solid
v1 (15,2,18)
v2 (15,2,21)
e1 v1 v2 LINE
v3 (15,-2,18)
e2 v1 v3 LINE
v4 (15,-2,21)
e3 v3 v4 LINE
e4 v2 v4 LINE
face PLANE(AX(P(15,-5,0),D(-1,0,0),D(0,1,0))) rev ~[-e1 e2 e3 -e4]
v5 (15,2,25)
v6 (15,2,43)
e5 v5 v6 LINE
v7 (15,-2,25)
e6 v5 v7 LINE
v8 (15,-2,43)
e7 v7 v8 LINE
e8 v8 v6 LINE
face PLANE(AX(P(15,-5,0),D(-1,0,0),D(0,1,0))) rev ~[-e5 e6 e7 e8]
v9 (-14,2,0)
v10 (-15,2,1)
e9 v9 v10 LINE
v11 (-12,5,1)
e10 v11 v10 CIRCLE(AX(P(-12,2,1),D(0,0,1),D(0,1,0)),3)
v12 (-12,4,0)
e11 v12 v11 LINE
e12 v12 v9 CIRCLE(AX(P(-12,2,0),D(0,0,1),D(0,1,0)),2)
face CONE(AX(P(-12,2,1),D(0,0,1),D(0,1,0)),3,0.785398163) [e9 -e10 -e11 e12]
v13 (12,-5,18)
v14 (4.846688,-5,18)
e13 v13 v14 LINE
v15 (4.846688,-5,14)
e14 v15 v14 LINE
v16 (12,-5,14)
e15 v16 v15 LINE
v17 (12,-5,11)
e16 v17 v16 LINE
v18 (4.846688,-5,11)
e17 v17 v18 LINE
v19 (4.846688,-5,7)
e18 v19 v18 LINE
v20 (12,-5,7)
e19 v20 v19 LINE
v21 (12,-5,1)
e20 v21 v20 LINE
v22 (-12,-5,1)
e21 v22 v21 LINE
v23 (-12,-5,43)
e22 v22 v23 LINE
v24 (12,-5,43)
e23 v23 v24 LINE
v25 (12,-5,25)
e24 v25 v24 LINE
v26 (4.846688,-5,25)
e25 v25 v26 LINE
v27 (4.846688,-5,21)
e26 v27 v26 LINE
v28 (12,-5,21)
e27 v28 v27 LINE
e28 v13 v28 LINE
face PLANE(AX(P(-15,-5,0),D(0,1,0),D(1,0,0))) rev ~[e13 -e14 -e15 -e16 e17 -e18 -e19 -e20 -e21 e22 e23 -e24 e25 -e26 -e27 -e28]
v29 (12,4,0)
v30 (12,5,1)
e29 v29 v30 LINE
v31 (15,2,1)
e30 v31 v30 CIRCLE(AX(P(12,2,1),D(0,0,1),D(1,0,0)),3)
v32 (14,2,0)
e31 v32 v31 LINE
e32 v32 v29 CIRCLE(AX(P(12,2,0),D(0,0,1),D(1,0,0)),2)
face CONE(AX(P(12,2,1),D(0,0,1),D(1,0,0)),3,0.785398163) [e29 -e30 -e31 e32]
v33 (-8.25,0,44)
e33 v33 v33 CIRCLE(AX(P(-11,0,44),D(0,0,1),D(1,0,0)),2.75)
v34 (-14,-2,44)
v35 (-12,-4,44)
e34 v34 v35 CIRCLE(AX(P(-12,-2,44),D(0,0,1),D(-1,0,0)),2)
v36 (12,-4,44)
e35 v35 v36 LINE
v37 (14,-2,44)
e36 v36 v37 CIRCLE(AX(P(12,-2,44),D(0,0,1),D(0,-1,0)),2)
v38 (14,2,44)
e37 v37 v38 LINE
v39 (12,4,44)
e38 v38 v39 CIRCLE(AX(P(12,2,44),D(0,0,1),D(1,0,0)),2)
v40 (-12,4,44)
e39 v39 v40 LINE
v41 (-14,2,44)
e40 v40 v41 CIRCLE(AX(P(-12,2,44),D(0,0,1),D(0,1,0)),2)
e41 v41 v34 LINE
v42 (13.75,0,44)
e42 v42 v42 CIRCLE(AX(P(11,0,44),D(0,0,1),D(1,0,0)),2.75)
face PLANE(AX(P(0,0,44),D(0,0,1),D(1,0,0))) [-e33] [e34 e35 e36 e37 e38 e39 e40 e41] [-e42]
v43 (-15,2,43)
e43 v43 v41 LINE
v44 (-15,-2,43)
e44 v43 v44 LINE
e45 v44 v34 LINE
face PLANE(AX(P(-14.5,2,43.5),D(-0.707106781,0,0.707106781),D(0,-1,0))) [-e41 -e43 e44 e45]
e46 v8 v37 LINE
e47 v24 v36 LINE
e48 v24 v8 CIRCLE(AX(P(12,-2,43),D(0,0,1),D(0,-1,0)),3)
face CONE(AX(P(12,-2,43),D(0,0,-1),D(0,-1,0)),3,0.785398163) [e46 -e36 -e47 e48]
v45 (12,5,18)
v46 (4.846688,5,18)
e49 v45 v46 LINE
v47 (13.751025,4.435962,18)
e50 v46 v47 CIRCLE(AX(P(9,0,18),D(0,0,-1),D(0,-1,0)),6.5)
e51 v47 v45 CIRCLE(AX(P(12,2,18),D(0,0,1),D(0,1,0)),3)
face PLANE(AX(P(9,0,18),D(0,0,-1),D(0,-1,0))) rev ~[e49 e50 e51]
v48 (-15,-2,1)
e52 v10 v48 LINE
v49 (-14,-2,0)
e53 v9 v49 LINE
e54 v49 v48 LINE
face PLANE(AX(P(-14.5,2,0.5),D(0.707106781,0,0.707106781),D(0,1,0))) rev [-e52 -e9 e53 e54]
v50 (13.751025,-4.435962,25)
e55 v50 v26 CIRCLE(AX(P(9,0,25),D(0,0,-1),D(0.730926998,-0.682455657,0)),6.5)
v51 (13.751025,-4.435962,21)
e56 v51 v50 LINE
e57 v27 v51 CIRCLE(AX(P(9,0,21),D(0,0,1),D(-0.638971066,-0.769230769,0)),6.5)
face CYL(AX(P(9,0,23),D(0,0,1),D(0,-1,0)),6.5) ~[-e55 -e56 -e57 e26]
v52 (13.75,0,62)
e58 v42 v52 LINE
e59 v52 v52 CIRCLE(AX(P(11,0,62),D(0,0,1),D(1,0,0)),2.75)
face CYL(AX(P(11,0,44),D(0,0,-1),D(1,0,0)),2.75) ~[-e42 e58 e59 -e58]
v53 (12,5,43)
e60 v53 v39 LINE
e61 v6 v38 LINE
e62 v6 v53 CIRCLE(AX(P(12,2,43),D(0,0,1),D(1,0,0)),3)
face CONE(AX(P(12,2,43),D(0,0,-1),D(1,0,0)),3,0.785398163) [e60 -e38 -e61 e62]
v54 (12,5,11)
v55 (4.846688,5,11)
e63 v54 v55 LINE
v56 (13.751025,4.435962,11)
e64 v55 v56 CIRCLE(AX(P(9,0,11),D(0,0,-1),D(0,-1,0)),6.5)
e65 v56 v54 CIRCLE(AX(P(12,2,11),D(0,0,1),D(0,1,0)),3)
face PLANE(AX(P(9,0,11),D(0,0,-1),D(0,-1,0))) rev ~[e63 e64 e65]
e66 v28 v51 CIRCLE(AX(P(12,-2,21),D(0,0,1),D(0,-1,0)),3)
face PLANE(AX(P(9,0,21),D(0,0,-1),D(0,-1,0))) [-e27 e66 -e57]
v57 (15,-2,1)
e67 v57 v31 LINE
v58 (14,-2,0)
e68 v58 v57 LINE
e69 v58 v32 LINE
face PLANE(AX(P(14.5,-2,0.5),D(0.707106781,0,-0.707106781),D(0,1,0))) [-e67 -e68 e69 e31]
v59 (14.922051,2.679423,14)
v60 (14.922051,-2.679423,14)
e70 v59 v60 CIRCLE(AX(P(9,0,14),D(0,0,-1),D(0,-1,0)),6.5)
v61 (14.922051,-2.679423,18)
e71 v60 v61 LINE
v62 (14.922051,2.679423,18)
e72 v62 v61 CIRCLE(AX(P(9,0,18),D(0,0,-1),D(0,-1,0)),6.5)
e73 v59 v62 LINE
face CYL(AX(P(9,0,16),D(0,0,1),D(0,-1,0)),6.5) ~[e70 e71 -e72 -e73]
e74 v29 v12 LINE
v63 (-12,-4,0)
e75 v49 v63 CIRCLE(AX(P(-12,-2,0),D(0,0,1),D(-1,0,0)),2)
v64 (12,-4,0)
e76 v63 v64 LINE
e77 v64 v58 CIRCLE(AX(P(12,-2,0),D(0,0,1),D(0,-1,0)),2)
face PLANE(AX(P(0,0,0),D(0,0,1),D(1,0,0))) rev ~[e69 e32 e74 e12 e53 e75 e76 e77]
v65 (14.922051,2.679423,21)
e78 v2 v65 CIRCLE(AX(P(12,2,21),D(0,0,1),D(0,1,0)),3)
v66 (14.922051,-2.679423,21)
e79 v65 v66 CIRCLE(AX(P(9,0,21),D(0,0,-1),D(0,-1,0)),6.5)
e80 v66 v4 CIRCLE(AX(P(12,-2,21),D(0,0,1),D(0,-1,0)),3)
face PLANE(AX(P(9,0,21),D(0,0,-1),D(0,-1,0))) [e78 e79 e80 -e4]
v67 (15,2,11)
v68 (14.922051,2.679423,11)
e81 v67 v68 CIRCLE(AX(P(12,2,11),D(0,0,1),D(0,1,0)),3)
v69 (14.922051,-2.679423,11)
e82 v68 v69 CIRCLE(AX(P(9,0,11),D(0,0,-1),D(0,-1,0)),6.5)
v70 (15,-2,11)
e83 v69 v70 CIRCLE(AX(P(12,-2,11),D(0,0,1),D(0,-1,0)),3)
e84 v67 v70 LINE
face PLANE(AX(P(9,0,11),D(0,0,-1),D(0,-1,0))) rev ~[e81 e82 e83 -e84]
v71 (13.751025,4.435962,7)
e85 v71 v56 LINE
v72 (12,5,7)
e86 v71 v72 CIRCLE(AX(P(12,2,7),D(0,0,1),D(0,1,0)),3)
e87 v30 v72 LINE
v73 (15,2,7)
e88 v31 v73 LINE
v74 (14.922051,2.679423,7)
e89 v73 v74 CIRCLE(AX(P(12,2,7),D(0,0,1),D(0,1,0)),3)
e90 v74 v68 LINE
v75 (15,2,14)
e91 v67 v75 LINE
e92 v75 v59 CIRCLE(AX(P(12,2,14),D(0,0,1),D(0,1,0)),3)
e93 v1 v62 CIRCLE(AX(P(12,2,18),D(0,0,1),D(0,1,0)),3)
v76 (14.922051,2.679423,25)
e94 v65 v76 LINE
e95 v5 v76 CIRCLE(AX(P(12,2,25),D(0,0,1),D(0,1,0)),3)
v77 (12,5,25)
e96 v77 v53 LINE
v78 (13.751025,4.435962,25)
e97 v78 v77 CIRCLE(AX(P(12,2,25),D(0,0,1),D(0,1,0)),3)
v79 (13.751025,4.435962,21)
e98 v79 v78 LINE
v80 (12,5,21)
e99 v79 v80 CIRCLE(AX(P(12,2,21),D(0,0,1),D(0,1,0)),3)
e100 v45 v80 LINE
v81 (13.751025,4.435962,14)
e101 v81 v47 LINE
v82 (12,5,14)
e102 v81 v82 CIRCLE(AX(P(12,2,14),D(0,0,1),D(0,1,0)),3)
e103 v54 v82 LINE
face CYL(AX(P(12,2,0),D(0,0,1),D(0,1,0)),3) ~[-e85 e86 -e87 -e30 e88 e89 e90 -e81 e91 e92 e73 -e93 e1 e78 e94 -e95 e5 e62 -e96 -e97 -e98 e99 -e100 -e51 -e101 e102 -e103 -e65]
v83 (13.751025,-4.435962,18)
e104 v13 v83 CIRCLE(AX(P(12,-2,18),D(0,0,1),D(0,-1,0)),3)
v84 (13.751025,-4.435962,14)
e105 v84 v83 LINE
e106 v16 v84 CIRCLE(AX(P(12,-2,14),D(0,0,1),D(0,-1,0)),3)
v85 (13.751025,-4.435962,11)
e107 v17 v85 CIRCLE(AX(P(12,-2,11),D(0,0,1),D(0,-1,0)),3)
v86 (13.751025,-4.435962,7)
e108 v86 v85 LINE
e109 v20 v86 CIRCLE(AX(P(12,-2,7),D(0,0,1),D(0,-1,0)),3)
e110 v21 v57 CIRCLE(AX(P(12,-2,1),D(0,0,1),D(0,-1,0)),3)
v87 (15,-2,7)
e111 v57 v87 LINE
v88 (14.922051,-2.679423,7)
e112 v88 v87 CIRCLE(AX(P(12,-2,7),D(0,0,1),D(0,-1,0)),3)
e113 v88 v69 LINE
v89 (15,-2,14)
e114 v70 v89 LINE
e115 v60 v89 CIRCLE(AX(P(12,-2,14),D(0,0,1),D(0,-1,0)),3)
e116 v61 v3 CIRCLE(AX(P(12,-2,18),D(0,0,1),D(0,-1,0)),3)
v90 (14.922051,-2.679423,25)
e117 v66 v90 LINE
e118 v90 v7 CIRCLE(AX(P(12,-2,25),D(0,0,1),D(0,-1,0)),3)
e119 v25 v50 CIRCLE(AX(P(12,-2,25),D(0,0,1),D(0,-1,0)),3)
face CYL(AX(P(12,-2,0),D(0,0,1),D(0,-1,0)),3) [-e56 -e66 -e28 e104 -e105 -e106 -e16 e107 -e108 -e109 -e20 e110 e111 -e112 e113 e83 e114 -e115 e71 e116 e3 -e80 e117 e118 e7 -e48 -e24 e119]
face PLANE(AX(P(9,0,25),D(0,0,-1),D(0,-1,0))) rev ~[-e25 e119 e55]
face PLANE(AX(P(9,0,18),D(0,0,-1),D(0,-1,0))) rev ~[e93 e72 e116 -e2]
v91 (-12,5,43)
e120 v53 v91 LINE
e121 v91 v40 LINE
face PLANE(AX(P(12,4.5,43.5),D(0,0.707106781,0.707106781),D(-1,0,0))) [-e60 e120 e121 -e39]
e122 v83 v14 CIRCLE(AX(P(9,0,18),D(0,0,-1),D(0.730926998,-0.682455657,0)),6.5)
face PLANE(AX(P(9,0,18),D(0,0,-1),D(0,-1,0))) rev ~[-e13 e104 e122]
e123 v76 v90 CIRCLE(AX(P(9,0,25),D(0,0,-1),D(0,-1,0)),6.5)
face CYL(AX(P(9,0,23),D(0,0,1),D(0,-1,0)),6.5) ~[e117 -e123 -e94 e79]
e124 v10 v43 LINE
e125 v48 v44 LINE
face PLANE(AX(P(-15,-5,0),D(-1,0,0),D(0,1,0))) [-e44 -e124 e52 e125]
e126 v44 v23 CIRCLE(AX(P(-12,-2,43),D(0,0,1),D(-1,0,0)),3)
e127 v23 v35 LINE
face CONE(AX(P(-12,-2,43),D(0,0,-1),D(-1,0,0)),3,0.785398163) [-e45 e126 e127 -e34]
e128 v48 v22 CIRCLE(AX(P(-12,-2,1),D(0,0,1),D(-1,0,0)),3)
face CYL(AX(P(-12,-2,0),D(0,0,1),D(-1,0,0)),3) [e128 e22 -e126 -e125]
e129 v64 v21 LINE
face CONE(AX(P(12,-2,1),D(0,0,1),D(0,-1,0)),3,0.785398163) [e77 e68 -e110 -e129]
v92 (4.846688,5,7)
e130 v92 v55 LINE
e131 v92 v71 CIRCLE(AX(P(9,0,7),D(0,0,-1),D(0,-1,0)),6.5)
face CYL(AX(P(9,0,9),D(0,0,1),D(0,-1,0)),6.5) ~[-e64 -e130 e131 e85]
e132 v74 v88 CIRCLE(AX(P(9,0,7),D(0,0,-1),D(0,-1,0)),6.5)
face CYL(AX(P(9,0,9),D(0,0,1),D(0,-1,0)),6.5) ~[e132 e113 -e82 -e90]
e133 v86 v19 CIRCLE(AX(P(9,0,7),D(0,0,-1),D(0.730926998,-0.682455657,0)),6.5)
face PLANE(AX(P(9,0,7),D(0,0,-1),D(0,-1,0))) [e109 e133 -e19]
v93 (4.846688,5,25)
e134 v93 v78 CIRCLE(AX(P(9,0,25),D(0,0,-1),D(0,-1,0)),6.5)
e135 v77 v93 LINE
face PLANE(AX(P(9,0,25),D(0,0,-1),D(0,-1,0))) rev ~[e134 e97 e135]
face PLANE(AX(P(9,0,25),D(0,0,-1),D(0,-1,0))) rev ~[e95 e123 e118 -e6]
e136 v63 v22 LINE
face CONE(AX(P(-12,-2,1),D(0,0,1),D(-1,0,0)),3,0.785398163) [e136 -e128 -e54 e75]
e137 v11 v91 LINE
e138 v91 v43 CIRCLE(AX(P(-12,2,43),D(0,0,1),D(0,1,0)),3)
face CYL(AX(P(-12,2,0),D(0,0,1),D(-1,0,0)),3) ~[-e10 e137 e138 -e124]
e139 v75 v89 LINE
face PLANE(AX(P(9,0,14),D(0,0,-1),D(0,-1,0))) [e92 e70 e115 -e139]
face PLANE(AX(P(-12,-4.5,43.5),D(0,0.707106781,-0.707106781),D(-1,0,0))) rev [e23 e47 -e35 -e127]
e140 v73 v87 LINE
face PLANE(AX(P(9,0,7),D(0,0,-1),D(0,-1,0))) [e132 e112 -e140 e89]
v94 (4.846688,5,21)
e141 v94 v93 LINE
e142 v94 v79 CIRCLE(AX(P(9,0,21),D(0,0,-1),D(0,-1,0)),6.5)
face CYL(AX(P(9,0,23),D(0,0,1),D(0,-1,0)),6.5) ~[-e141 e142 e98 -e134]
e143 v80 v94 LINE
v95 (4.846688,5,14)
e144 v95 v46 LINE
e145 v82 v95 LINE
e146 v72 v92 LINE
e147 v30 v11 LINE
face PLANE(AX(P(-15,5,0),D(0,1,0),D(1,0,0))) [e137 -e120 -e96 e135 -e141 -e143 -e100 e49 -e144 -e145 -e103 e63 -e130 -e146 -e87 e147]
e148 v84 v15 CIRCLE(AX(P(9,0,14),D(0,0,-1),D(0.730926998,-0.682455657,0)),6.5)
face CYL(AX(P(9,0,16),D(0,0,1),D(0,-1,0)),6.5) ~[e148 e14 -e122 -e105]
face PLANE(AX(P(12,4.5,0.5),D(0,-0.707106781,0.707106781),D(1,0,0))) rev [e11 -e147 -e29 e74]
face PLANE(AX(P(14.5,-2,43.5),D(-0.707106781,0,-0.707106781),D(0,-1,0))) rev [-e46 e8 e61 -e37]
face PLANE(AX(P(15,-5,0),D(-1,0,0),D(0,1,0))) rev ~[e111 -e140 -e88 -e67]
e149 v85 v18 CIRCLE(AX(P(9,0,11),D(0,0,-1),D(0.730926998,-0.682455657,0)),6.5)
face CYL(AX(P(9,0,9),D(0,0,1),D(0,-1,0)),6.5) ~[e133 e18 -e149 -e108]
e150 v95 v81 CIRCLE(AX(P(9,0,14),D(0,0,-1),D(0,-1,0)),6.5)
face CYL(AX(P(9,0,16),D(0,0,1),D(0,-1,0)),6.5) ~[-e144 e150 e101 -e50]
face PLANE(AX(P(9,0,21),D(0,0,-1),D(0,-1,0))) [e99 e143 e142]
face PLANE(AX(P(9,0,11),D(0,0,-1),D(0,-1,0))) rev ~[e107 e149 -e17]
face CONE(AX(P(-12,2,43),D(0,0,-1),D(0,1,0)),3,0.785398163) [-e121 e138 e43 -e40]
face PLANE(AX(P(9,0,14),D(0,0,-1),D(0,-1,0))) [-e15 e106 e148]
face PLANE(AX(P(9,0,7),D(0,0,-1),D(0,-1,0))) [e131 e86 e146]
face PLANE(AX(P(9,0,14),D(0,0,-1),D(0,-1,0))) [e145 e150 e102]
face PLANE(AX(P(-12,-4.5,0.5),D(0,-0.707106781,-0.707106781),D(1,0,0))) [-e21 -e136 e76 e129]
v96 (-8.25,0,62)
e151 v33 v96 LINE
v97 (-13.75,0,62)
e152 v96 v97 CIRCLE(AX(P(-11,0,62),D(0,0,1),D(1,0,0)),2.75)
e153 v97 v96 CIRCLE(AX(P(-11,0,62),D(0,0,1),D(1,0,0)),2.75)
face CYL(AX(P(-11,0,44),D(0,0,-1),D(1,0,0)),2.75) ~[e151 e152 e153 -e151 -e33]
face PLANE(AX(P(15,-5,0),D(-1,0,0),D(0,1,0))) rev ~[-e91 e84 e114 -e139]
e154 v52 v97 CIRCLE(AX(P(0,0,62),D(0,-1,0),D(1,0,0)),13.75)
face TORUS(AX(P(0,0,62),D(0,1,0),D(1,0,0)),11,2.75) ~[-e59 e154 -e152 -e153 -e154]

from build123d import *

# Parameters (mm, degrees)
F0_W     = 30
F0_H     = 10
F1_DEPTH = 44
F2_R     = 3
F3_R     = 3
F5_START = 44
F4_R     = 2.75
F5_DEPTH = 18
F7_R     = 2.75
F8_ANGLE = 180
F10_W    = 6.5
F10_H    = 4
F12_SIZE = 1
F13_SIZE = 1


with BuildPart() as f1:
    # F0 (on Top) → F1 (new body)
    with BuildSketch(Plane.XY):
        Rectangle(F0_W, F0_H)
    extrude(amount=F1_DEPTH)

    # F2
    f2_edges = [f1.edges().sort_by_distance(p)[0] for p in [
        (15, -5, 22),
        (-15, -5, 22),
    ]]
    fillet(f2_edges, radius=F2_R)

    # F3
    f3_edges = [f1.edges().sort_by_distance(p)[0] for p in [
        (15, 5, 22),
        (-15, 5, 22),
    ]]
    fillet(f3_edges, radius=F3_R)

    # F4 (on Top) → F5 (join)
    with BuildSketch(Plane.XY.offset(F5_START)):
        with Locations((-11, 0)):
            Circle(F4_R)
        with Locations((11, 0)):
            Circle(F4_R)
    extrude(amount=F5_DEPTH)

    # F7 (on offset) → F8 (revolve)
    with BuildSketch(Plane.XY.offset(62)):
        with Locations((11, 0)):
            Circle(F7_R)
    revolve(axis=Axis((0, -1.5820115805, 62), (0, -1, 0)), revolution_arc=F8_ANGLE)

    # F10 (on offset) → F11 (revolve)
    with BuildSketch(Plane.YZ.offset(9)):
        with Locations((-3.25, 23)):
            Rectangle(F10_W, F10_H)
        with Locations((-3.25, 16)):
            Rectangle(F10_W, F10_H)
        with Locations((-3.25, 9)):
            Rectangle(F10_W, F10_H)
    revolve(axis=Axis((9, 0, 12.7572556958), (0, 0, -1)))

    # F12
    f12_edges = [f1.edges().sort_by_distance(p)[0] for p in [
        (15, 0, 44),
        (14.12132, 4.12132, 44),
        (14.12132, -4.12132, 44),
        (-14.12132, 4.12132, 44),
        (-15, 0, 44),
        (-14.12132, -4.12132, 44),
    ]]
    chamfer(f12_edges, length=F12_SIZE)

    # F13
    f13_edges = [f1.edges().sort_by_distance(p)[0] for p in [
        (15, 0, 0),
        (14.12132, 4.12132, 0),
        (14.12132, -4.12132, 0),
        (0, 5, 0),
        (0, -5, 0),
        (-14.12132, 4.12132, 0),
        (-14.12132, -4.12132, 0),
        (-15, 0, 0),
    ]]
    chamfer(f13_edges, length=F13_SIZE)


solid = f1.part
